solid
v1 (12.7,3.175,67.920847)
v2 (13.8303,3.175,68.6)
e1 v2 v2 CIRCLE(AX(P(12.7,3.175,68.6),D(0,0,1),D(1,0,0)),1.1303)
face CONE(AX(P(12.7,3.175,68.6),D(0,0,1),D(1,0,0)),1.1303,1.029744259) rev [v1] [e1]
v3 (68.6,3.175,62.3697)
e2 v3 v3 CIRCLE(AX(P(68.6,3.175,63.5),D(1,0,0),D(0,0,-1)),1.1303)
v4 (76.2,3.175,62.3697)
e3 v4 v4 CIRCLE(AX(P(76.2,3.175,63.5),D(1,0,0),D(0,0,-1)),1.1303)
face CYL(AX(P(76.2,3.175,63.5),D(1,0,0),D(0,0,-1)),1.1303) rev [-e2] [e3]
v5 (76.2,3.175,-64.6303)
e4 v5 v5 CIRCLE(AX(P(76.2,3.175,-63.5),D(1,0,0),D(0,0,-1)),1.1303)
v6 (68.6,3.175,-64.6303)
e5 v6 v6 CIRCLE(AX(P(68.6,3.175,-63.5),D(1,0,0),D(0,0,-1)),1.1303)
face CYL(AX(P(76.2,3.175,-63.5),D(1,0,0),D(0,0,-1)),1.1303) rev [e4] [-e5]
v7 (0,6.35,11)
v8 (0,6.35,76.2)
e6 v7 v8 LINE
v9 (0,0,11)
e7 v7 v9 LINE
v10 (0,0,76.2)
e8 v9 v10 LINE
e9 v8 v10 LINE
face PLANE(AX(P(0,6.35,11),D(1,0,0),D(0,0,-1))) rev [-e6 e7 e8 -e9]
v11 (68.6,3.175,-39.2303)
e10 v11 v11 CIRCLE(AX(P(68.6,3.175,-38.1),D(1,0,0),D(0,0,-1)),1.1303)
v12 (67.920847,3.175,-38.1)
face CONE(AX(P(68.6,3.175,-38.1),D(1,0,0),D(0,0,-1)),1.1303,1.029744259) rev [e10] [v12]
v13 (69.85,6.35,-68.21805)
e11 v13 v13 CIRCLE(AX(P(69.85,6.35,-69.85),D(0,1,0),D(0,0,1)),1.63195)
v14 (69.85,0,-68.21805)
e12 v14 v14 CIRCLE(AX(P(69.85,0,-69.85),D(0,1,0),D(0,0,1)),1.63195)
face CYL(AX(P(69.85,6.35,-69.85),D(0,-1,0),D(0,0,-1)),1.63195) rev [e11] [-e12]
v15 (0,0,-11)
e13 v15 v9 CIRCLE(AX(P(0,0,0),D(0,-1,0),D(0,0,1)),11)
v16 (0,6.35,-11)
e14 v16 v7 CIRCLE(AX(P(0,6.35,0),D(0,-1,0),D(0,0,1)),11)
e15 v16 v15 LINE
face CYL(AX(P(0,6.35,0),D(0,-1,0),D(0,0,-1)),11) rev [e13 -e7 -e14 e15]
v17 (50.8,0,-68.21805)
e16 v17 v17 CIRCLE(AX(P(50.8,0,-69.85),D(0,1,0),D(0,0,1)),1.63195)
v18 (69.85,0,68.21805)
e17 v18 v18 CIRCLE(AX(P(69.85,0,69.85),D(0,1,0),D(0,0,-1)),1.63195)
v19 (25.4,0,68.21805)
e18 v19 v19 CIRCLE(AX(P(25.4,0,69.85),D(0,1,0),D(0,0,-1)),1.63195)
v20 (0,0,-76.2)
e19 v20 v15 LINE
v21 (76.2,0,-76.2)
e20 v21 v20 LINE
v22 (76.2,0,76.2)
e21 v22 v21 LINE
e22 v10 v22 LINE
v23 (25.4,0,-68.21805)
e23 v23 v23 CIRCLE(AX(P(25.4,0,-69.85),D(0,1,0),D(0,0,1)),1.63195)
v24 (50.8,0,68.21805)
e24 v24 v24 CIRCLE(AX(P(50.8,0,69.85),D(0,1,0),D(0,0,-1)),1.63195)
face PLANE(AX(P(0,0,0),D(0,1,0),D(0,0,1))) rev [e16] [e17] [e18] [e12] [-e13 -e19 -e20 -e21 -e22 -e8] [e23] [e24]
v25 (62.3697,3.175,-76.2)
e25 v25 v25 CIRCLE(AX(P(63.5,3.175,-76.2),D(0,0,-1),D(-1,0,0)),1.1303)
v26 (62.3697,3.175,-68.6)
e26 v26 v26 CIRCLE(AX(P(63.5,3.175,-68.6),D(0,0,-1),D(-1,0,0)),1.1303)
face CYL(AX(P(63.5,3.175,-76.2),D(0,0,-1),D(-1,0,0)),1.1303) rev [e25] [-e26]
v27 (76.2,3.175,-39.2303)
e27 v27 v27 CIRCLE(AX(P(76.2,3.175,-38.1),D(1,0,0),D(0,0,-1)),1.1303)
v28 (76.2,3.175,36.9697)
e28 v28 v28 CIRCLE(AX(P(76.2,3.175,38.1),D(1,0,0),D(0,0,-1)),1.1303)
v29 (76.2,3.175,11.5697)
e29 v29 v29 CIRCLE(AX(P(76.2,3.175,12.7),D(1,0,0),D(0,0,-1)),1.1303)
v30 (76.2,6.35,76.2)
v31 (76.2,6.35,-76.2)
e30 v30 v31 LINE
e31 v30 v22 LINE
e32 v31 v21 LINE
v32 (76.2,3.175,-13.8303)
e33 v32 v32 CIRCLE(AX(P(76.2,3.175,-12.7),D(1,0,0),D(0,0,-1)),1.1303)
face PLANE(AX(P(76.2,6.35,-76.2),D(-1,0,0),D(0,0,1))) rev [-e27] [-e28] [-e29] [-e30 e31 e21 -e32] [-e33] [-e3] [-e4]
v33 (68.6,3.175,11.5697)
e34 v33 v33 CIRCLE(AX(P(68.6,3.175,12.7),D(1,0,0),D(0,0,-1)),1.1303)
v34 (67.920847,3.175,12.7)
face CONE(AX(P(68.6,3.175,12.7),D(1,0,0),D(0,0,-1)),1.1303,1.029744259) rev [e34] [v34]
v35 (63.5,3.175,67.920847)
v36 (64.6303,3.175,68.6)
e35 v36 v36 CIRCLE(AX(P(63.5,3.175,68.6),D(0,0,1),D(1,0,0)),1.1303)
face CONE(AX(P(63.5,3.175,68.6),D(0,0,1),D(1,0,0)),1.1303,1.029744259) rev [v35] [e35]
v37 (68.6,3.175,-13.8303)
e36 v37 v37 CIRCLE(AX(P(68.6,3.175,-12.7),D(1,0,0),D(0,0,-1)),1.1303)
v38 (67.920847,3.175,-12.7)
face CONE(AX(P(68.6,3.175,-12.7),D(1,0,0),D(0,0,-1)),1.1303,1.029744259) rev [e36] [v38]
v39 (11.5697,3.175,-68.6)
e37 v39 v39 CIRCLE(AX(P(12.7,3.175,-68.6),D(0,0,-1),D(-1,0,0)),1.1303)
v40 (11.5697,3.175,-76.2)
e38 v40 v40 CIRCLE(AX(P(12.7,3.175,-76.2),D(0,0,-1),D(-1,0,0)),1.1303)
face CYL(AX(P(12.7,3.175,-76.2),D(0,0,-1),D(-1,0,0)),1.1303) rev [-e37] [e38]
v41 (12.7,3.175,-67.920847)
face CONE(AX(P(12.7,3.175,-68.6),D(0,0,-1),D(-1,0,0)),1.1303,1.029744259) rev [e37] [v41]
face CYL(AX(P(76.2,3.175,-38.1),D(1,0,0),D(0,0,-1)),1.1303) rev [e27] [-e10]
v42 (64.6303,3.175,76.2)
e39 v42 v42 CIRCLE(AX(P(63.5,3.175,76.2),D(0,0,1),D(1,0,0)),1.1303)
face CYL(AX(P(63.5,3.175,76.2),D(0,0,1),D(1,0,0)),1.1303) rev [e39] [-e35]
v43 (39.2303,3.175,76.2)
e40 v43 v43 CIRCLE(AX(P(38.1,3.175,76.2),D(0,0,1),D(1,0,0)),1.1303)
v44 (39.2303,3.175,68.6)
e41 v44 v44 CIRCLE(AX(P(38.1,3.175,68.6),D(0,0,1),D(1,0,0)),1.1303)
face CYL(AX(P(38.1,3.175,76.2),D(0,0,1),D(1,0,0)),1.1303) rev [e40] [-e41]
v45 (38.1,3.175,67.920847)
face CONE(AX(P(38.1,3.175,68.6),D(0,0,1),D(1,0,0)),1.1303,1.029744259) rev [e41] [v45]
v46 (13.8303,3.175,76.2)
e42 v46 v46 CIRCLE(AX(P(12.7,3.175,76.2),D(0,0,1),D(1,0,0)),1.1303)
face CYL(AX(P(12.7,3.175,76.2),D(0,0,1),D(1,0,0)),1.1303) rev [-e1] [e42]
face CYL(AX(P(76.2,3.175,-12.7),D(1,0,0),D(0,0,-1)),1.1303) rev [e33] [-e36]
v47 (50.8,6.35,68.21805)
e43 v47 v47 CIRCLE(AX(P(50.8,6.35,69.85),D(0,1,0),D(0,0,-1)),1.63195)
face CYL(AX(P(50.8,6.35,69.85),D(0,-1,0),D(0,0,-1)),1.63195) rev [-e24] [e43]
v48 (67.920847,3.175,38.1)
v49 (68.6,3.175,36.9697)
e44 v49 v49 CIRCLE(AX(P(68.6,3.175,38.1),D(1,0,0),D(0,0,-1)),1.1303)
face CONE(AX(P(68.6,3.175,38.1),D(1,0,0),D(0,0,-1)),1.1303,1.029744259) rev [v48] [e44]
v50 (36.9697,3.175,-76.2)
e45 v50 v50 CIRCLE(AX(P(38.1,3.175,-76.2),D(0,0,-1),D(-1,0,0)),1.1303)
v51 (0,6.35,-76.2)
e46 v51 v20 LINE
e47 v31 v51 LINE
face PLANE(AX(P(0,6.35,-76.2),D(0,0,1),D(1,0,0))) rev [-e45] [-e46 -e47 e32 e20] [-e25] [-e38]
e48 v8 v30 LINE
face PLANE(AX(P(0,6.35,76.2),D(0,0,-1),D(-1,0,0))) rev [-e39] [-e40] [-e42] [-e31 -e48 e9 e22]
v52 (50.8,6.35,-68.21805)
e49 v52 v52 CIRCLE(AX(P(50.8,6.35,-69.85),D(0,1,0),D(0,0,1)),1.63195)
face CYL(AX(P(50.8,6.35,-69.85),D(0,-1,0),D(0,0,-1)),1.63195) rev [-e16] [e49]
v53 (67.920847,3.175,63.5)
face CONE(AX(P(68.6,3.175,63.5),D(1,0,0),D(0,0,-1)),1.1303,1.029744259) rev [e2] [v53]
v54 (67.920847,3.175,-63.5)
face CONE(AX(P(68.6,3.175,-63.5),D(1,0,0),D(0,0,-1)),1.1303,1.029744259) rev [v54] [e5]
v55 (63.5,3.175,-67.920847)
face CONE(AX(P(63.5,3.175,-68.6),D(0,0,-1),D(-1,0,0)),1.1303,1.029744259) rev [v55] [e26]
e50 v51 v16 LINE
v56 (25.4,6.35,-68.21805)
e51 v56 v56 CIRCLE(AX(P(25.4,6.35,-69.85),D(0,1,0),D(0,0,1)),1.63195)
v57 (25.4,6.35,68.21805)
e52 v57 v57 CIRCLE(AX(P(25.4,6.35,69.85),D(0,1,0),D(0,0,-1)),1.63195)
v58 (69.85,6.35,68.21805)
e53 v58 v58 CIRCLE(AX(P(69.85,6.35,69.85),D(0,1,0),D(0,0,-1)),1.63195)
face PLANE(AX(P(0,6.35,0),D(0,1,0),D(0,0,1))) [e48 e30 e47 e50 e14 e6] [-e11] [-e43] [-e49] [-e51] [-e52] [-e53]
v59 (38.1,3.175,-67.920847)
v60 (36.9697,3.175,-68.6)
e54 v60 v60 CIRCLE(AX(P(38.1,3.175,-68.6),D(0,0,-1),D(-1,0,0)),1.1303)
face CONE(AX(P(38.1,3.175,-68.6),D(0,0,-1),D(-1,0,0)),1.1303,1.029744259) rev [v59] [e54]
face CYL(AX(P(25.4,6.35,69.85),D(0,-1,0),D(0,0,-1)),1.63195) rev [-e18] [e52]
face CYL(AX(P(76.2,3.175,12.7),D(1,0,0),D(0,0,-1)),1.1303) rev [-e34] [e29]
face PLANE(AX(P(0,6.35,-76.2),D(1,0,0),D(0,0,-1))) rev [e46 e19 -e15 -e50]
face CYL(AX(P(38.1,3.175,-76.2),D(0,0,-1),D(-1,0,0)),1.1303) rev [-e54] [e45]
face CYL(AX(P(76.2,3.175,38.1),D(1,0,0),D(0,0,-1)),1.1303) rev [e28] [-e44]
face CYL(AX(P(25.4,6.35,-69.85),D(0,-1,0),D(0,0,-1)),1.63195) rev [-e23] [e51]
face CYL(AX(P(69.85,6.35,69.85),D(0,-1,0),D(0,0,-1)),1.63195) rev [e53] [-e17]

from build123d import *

# Parameters (mm, degrees)
SKETCH1_R           = 1.63195
BOSS_EXTRUDE1_DEPTH = 6.35
LPATTERN1_COUNT     = 6
LPATTERN1_PITCH     = 25.4
LPATTERN2_COUNT     = 3
LPATTERN2_PITCH     = 25.4


with BuildPart() as part:
    # Sketch1 → Boss-Extrude1 (new body)
    with BuildSketch(Plane(origin=(0, 0, 0), x_dir=(1, 0, 0), z_dir=(0, 1, 0))):
        with BuildLine():
            Line((0, -11), (0, -76.2))
            Line((0, -76.2), (76.2, -76.2))
            Line((76.2, -76.2), (76.2, 76.2))
            Line((76.2, 76.2), (0, 76.2))
            Line((0, 76.2), (0, 11))
            ThreePointArc((0, 11), (11, 0), (0, -11))
        make_face()
        with Locations((69.85, 69.85)):
            Circle(SKETCH1_R, mode=Mode.SUBTRACT)
        with Locations((69.85, -69.85)):
            Circle(SKETCH1_R, mode=Mode.SUBTRACT)
        with Locations((50.8, 69.85)):
            Circle(SKETCH1_R, mode=Mode.SUBTRACT)
        with Locations((25.4, 69.85)):
            Circle(SKETCH1_R, mode=Mode.SUBTRACT)
        with Locations((50.8, -69.85)):
            Circle(SKETCH1_R, mode=Mode.SUBTRACT)
        with Locations((25.4, -69.85)):
            Circle(SKETCH1_R, mode=Mode.SUBTRACT)
    extrude(amount=BOSS_EXTRUDE1_DEPTH)

    # Sketch2 → #4-40 Tapped Hole1 (revolve, cut)
    with BuildSketch(Plane(origin=(76.2, 3.175, 63.5), x_dir=(0, 0, -1), z_dir=(0, 1, 0))):
        Polygon((0, 0), (0, 8.279152758), (1.1303, 7.6), (1.1303, 0), align=None)
    f_4_40_tapped_hole1 = revolve(axis=Axis((82.55, 3.175, 63.5), (-1, 0, 0)), mode=Mode.SUBTRACT)

    # LPattern1: #4-40 Tapped Hole1 ×6
    with Locations(*[(0, 0, -i * LPATTERN1_PITCH) for i in range(1, LPATTERN1_COUNT)]):
        add(f_4_40_tapped_hole1, mode=Mode.SUBTRACT)

    # Sketch3 → #4-40 Tapped Hole2 (revolve, cut)
    with BuildSketch(Plane(origin=(63.5, 3.175, 76.2), x_dir=(0, -1, 0), z_dir=(1, 0, 0))):
        Polygon((0, 0), (0, 8.279152758), (1.1303, 7.6), (1.1303, 0), align=None)
    f_4_40_tapped_hole2 = revolve(axis=Axis((63.5, 3.175, 82.55), (0, 0, -1)), mode=Mode.SUBTRACT)

    # LPattern2: #4-40 Tapped Hole2 ×3
    with Locations(*[(-i * LPATTERN2_PITCH, 0, 0) for i in range(1, LPATTERN2_COUNT)]):
        add(f_4_40_tapped_hole2, mode=Mode.SUBTRACT)

    # Mirror1: #4-40 Tapped Hole2 across plane
    add(f_4_40_tapped_hole2.mirror(Plane.XY), mode=Mode.SUBTRACT)

    # Mirror1 copy 1 sketch → Mirror1 copy 1 (revolve, cut)
    with BuildSketch(Plane(origin=(38.1, 3.175, -76.2), x_dir=(0, -1, 0), z_dir=(1, 0, 0))):
        Polygon((0, 0), (0, -8.279152758), (1.1303, -7.6), (1.1303, 0), align=None)
    revolve(axis=Axis((38.1, 3.175, -82.55), (0, 0, -1)), mode=Mode.SUBTRACT)

    # Mirror1 copy 2 sketch → Mirror1 copy 2 (revolve, cut)
    with BuildSketch(Plane(origin=(12.7, 3.175, -76.2), x_dir=(0, -1, 0), z_dir=(1, 0, 0))):
        Polygon((0, 0), (0, -8.279152758), (1.1303, -7.6), (1.1303, 0), align=None)
    revolve(axis=Axis((12.7, 3.175, -82.55), (0, 0, -1)), mode=Mode.SUBTRACT)


solid = part.part
